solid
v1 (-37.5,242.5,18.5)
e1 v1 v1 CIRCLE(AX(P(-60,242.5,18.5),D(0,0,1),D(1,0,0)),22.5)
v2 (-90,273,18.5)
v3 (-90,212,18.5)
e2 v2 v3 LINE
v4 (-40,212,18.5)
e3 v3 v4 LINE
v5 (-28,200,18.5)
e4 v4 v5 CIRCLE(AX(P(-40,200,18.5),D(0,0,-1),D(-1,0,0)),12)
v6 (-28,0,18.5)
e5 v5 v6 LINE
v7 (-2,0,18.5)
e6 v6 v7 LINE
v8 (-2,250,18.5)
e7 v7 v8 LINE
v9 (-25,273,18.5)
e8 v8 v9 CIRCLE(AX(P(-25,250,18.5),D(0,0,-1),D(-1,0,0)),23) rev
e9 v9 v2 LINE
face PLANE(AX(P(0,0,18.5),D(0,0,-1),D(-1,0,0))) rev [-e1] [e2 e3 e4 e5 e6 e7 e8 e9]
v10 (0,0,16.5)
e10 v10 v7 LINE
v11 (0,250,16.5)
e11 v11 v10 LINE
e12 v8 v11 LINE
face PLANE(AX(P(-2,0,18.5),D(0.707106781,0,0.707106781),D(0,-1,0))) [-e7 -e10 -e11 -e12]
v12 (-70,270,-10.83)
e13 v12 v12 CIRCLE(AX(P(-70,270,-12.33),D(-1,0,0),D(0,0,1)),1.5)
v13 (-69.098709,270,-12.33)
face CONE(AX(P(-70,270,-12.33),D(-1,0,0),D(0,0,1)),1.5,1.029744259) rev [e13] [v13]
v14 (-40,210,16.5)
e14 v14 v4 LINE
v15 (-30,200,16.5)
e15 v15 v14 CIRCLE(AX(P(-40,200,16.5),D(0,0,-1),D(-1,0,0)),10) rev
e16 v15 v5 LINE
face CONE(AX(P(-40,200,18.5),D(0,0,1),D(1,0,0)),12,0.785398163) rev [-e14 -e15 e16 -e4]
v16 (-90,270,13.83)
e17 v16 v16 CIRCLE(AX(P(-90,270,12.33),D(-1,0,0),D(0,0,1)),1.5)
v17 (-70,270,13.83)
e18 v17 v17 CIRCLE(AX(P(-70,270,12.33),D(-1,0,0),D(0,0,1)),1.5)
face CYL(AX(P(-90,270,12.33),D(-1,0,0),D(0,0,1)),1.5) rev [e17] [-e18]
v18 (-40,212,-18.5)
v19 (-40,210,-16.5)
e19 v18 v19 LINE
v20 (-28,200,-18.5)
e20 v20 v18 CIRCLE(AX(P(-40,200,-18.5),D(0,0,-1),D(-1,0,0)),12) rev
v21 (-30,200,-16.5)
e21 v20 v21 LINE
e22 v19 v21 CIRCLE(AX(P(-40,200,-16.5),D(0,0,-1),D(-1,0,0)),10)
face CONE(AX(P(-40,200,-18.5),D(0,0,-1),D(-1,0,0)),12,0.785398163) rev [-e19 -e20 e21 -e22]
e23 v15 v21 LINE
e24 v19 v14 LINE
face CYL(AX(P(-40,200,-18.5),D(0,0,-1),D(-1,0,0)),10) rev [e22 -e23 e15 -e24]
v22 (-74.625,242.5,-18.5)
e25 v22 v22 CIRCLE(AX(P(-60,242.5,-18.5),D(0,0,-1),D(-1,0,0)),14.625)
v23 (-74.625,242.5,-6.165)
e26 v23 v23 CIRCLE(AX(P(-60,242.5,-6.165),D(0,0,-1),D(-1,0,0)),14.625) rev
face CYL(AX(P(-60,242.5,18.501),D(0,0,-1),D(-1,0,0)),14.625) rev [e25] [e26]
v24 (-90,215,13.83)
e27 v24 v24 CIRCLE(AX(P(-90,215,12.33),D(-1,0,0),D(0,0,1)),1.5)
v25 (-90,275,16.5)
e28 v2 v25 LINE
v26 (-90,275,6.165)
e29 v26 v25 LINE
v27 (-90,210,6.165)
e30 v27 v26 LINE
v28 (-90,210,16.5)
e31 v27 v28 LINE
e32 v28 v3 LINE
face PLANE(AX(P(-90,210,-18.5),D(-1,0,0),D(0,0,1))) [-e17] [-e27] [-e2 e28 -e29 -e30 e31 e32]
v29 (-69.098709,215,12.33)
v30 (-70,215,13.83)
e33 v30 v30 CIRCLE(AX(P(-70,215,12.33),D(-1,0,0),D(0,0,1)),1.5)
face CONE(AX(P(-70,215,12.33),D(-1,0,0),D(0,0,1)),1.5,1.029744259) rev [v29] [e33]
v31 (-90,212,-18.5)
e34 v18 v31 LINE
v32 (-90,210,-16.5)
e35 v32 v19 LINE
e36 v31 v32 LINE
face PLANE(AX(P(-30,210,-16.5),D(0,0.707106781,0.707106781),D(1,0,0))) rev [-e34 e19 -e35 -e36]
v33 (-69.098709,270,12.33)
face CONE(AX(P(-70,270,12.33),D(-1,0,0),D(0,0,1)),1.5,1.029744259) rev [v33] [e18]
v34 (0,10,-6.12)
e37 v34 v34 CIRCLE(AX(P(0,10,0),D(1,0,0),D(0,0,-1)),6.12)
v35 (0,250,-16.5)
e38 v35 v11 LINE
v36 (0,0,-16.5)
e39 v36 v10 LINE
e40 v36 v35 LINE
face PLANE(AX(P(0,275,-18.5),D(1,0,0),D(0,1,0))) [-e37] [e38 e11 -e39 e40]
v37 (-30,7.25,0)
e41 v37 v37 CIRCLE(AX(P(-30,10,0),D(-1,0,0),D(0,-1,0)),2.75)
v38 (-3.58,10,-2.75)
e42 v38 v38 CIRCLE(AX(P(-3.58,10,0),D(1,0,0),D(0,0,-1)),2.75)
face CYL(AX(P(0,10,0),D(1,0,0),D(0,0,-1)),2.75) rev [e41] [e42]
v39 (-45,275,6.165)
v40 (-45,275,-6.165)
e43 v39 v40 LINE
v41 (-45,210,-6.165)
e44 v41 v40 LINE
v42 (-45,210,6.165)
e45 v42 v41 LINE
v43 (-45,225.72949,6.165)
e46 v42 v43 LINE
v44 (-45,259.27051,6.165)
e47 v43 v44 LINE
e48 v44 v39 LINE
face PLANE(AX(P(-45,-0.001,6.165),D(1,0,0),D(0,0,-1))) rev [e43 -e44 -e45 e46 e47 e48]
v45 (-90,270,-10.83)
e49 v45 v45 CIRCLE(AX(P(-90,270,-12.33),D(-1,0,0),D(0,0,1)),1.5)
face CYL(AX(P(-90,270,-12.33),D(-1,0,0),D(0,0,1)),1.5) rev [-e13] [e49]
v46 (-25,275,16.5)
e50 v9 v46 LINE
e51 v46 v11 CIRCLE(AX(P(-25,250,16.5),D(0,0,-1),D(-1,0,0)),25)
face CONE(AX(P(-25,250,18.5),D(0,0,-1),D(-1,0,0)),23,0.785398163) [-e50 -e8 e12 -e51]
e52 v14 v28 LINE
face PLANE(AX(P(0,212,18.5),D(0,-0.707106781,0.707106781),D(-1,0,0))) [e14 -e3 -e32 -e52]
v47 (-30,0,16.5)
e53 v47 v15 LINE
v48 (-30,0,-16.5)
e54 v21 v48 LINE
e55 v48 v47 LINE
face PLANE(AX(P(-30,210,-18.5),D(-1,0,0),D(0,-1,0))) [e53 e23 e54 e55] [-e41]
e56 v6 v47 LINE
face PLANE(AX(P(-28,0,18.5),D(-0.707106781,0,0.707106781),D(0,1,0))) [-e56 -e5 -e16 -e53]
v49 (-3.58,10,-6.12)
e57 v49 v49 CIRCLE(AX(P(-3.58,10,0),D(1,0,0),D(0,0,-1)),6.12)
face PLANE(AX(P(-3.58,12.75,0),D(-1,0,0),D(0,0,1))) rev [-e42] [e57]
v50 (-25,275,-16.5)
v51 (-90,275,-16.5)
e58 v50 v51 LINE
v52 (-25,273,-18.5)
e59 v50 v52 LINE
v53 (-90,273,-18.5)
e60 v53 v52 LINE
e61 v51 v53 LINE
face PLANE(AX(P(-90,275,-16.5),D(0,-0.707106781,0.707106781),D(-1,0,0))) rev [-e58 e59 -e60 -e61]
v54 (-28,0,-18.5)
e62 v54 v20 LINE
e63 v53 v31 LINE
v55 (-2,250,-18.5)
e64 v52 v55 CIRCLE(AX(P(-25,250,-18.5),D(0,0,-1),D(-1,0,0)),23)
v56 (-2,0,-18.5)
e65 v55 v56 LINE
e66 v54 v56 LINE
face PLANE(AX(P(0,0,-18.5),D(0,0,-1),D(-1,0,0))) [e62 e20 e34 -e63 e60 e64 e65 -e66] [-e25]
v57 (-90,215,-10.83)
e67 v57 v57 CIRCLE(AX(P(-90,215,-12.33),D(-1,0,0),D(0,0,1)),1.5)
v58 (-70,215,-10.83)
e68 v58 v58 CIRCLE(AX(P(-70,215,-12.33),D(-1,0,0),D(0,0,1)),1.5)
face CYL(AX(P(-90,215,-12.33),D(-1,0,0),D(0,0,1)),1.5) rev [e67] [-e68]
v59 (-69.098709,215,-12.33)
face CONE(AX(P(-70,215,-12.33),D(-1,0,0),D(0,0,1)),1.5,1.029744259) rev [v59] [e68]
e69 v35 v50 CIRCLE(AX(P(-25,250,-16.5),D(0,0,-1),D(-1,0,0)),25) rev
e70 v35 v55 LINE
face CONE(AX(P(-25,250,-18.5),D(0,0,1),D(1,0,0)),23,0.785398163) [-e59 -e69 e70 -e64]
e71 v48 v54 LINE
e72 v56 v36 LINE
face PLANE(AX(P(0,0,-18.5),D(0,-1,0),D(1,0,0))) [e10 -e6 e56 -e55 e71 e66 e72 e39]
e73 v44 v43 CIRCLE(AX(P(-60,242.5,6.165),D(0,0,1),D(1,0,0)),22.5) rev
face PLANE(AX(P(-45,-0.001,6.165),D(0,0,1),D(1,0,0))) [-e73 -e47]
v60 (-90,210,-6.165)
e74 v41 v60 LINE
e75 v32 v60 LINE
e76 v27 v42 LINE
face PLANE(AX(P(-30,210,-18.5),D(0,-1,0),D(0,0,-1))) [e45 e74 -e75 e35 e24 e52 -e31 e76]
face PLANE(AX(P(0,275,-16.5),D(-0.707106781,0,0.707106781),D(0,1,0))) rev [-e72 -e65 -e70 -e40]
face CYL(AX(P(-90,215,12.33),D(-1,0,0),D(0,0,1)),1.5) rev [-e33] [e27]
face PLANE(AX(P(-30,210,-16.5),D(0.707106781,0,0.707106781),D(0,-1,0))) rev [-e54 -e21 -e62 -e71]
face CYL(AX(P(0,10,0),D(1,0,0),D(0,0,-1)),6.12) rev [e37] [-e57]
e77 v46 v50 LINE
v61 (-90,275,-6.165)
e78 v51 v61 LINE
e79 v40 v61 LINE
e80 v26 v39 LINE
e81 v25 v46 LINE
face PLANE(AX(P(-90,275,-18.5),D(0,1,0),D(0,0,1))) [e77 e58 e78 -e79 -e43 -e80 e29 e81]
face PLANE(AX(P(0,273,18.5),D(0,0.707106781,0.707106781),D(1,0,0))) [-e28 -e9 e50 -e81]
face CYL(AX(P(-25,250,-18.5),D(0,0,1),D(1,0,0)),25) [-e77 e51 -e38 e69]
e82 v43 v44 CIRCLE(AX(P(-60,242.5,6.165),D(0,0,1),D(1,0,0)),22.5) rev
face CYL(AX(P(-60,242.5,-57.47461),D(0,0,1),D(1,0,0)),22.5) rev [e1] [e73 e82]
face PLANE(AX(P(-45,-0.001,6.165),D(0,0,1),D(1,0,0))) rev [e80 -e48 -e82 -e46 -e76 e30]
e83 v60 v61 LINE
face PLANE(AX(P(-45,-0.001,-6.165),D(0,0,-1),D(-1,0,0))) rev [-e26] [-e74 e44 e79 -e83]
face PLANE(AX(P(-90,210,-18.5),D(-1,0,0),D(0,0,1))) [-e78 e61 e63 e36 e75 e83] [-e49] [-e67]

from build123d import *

# Parameters (mm, degrees)
BOSS_EXTRUDE1_DEPTH                     = 18.5
CUT_EXTRUDE1_REACH                      = 291.944
SKETCH3_W                               = 45
SKETCH3_H                               = 12.33
FILLET1_R                               = 25
FILLET2_R                               = 10
SKETCH4_R                               = 22.5
CUT_EXTRUDE2_DEPTH                      = 12.335
CUT_EXTRUDE3_REACH                      = 293.709
SKETCH5_R                               = 14.625
CHAMFER1_SIZE                           = 2
CBORE_FOR_M5_HEX_HEAD_BOLT1_D           = 5.5
CBORE_FOR_M5_HEX_HEAD_BOLT1_CBORE_D     = 12.24
CBORE_FOR_M5_HEX_HEAD_BOLT1_CBORE_DEPTH = 3.58
F_3_0MM_DOWEL_HOLE1_D                   = 3
F_3_0MM_DOWEL_HOLE1_DEPTH               = 20
F_3_0MM_DOWEL_HOLE1_TIP                 = 0.901290929


with BuildPart() as part:
    # Sketch1 → Boss-Extrude1 (new, symmetric)
    with BuildSketch(Plane.XY):
        Polygon((0, 0), (-30, 0), (-30, 210), (-90, 210), (-90, 275), (0, 275), align=None)
    extrude(amount=BOSS_EXTRUDE1_DEPTH, both=True)

    # Sketch3 → Cut-Extrude1 (cut, up to next)
    with BuildSketch(Plane(origin=(0, 275, 0), x_dir=(1, 0, 0), z_dir=(0, 1, 0)), mode=Mode.PRIVATE) as cut_extrude1_sk1:
        with Locations((-67.5, 0)):
            Rectangle(SKETCH3_W, SKETCH3_H)
    cut_extrude1_tool1 = extrude(cut_extrude1_sk1.sketch, amount=-CUT_EXTRUDE1_REACH, mode=Mode.PRIVATE) & part.part
    add(cut_extrude1_tool1.solids().sort_by_distance((-67.5, 275, 0))[0], mode=Mode.SUBTRACT)

    # Fillet1
    fillet1_edges = [part.edges().sort_by_distance(p)[0] for p in [
        (0, 275, 0),
    ]]
    fillet(fillet1_edges, radius=FILLET1_R)

    # Fillet2
    fillet2_edges = [part.edges().sort_by_distance(p)[0] for p in [
        (-30, 210, 0),
    ]]
    fillet(fillet2_edges, radius=FILLET2_R)

    # Sketch4 → Cut-Extrude2 (cut)
    with BuildSketch(Plane.XY.offset(18.5)):
        with Locations((-60, 242.5)):
            Circle(SKETCH4_R)
    extrude(amount=-CUT_EXTRUDE2_DEPTH, mode=Mode.SUBTRACT)

    # Sketch5 → Cut-Extrude3 (cut, up to next)
    with BuildSketch(Plane(origin=(0, 0, -18.5), x_dir=(-1, 0, 0), z_dir=(0, 0, -1)), mode=Mode.PRIVATE) as cut_extrude3_sk1:
        with Locations((60, 242.5)):
            Circle(SKETCH5_R)
    cut_extrude3_tool1 = extrude(cut_extrude3_sk1.sketch, amount=-CUT_EXTRUDE3_REACH, mode=Mode.PRIVATE) & part.part
    add(cut_extrude3_tool1.solids().sort_by_distance((-60, 242.5, -18.5))[0], mode=Mode.SUBTRACT)

    # Chamfer1
    chamfer1_edges = [part.edges().sort_by_distance(p)[0] for p in [
        (-65, 210, -18.5),
        (-57.5, 275, 18.5),
        (-7.32233047, 267.67766953, 18.5),
        (-57.5, 275, -18.5),
        (-7.32233047, 267.67766953, -18.5),
        (-30, 100, 18.5),
        (-30, 100, -18.5),
        (-32.928932188, 207.071067812, 18.5),
        (-32.928932188, 207.071067812, -18.5),
        (0, 125, -18.5),
        (-65, 210, 18.5),
        (0, 125, 18.5),
    ]]
    chamfer(chamfer1_edges, length=CHAMFER1_SIZE)

    # CBORE for M5 Hex Head Bolt1 (through all)
    with Locations(Plane(origin=(0, 0, 0), x_dir=(0, 0, -1), z_dir=(1, 0, 0))):
        with Locations((0, 10)):
            CounterBoreHole(CBORE_FOR_M5_HEX_HEAD_BOLT1_D / 2, CBORE_FOR_M5_HEX_HEAD_BOLT1_CBORE_D / 2, CBORE_FOR_M5_HEX_HEAD_BOLT1_CBORE_DEPTH)

    # Ø3.0mm Dowel Hole1
    with Locations(Plane.ZY.offset(90)):
        with Locations((12.33, 270), (-12.33, 215), (-12.33, 270), (12.33, 215)):
            Hole(F_3_0MM_DOWEL_HOLE1_D / 2, depth=F_3_0MM_DOWEL_HOLE1_DEPTH)
            with Locations((0, 0, -(F_3_0MM_DOWEL_HOLE1_DEPTH + F_3_0MM_DOWEL_HOLE1_TIP / 2))):  # 118° drill point
                Cone(0, F_3_0MM_DOWEL_HOLE1_D / 2, F_3_0MM_DOWEL_HOLE1_TIP, mode=Mode.SUBTRACT)


solid = part.part
